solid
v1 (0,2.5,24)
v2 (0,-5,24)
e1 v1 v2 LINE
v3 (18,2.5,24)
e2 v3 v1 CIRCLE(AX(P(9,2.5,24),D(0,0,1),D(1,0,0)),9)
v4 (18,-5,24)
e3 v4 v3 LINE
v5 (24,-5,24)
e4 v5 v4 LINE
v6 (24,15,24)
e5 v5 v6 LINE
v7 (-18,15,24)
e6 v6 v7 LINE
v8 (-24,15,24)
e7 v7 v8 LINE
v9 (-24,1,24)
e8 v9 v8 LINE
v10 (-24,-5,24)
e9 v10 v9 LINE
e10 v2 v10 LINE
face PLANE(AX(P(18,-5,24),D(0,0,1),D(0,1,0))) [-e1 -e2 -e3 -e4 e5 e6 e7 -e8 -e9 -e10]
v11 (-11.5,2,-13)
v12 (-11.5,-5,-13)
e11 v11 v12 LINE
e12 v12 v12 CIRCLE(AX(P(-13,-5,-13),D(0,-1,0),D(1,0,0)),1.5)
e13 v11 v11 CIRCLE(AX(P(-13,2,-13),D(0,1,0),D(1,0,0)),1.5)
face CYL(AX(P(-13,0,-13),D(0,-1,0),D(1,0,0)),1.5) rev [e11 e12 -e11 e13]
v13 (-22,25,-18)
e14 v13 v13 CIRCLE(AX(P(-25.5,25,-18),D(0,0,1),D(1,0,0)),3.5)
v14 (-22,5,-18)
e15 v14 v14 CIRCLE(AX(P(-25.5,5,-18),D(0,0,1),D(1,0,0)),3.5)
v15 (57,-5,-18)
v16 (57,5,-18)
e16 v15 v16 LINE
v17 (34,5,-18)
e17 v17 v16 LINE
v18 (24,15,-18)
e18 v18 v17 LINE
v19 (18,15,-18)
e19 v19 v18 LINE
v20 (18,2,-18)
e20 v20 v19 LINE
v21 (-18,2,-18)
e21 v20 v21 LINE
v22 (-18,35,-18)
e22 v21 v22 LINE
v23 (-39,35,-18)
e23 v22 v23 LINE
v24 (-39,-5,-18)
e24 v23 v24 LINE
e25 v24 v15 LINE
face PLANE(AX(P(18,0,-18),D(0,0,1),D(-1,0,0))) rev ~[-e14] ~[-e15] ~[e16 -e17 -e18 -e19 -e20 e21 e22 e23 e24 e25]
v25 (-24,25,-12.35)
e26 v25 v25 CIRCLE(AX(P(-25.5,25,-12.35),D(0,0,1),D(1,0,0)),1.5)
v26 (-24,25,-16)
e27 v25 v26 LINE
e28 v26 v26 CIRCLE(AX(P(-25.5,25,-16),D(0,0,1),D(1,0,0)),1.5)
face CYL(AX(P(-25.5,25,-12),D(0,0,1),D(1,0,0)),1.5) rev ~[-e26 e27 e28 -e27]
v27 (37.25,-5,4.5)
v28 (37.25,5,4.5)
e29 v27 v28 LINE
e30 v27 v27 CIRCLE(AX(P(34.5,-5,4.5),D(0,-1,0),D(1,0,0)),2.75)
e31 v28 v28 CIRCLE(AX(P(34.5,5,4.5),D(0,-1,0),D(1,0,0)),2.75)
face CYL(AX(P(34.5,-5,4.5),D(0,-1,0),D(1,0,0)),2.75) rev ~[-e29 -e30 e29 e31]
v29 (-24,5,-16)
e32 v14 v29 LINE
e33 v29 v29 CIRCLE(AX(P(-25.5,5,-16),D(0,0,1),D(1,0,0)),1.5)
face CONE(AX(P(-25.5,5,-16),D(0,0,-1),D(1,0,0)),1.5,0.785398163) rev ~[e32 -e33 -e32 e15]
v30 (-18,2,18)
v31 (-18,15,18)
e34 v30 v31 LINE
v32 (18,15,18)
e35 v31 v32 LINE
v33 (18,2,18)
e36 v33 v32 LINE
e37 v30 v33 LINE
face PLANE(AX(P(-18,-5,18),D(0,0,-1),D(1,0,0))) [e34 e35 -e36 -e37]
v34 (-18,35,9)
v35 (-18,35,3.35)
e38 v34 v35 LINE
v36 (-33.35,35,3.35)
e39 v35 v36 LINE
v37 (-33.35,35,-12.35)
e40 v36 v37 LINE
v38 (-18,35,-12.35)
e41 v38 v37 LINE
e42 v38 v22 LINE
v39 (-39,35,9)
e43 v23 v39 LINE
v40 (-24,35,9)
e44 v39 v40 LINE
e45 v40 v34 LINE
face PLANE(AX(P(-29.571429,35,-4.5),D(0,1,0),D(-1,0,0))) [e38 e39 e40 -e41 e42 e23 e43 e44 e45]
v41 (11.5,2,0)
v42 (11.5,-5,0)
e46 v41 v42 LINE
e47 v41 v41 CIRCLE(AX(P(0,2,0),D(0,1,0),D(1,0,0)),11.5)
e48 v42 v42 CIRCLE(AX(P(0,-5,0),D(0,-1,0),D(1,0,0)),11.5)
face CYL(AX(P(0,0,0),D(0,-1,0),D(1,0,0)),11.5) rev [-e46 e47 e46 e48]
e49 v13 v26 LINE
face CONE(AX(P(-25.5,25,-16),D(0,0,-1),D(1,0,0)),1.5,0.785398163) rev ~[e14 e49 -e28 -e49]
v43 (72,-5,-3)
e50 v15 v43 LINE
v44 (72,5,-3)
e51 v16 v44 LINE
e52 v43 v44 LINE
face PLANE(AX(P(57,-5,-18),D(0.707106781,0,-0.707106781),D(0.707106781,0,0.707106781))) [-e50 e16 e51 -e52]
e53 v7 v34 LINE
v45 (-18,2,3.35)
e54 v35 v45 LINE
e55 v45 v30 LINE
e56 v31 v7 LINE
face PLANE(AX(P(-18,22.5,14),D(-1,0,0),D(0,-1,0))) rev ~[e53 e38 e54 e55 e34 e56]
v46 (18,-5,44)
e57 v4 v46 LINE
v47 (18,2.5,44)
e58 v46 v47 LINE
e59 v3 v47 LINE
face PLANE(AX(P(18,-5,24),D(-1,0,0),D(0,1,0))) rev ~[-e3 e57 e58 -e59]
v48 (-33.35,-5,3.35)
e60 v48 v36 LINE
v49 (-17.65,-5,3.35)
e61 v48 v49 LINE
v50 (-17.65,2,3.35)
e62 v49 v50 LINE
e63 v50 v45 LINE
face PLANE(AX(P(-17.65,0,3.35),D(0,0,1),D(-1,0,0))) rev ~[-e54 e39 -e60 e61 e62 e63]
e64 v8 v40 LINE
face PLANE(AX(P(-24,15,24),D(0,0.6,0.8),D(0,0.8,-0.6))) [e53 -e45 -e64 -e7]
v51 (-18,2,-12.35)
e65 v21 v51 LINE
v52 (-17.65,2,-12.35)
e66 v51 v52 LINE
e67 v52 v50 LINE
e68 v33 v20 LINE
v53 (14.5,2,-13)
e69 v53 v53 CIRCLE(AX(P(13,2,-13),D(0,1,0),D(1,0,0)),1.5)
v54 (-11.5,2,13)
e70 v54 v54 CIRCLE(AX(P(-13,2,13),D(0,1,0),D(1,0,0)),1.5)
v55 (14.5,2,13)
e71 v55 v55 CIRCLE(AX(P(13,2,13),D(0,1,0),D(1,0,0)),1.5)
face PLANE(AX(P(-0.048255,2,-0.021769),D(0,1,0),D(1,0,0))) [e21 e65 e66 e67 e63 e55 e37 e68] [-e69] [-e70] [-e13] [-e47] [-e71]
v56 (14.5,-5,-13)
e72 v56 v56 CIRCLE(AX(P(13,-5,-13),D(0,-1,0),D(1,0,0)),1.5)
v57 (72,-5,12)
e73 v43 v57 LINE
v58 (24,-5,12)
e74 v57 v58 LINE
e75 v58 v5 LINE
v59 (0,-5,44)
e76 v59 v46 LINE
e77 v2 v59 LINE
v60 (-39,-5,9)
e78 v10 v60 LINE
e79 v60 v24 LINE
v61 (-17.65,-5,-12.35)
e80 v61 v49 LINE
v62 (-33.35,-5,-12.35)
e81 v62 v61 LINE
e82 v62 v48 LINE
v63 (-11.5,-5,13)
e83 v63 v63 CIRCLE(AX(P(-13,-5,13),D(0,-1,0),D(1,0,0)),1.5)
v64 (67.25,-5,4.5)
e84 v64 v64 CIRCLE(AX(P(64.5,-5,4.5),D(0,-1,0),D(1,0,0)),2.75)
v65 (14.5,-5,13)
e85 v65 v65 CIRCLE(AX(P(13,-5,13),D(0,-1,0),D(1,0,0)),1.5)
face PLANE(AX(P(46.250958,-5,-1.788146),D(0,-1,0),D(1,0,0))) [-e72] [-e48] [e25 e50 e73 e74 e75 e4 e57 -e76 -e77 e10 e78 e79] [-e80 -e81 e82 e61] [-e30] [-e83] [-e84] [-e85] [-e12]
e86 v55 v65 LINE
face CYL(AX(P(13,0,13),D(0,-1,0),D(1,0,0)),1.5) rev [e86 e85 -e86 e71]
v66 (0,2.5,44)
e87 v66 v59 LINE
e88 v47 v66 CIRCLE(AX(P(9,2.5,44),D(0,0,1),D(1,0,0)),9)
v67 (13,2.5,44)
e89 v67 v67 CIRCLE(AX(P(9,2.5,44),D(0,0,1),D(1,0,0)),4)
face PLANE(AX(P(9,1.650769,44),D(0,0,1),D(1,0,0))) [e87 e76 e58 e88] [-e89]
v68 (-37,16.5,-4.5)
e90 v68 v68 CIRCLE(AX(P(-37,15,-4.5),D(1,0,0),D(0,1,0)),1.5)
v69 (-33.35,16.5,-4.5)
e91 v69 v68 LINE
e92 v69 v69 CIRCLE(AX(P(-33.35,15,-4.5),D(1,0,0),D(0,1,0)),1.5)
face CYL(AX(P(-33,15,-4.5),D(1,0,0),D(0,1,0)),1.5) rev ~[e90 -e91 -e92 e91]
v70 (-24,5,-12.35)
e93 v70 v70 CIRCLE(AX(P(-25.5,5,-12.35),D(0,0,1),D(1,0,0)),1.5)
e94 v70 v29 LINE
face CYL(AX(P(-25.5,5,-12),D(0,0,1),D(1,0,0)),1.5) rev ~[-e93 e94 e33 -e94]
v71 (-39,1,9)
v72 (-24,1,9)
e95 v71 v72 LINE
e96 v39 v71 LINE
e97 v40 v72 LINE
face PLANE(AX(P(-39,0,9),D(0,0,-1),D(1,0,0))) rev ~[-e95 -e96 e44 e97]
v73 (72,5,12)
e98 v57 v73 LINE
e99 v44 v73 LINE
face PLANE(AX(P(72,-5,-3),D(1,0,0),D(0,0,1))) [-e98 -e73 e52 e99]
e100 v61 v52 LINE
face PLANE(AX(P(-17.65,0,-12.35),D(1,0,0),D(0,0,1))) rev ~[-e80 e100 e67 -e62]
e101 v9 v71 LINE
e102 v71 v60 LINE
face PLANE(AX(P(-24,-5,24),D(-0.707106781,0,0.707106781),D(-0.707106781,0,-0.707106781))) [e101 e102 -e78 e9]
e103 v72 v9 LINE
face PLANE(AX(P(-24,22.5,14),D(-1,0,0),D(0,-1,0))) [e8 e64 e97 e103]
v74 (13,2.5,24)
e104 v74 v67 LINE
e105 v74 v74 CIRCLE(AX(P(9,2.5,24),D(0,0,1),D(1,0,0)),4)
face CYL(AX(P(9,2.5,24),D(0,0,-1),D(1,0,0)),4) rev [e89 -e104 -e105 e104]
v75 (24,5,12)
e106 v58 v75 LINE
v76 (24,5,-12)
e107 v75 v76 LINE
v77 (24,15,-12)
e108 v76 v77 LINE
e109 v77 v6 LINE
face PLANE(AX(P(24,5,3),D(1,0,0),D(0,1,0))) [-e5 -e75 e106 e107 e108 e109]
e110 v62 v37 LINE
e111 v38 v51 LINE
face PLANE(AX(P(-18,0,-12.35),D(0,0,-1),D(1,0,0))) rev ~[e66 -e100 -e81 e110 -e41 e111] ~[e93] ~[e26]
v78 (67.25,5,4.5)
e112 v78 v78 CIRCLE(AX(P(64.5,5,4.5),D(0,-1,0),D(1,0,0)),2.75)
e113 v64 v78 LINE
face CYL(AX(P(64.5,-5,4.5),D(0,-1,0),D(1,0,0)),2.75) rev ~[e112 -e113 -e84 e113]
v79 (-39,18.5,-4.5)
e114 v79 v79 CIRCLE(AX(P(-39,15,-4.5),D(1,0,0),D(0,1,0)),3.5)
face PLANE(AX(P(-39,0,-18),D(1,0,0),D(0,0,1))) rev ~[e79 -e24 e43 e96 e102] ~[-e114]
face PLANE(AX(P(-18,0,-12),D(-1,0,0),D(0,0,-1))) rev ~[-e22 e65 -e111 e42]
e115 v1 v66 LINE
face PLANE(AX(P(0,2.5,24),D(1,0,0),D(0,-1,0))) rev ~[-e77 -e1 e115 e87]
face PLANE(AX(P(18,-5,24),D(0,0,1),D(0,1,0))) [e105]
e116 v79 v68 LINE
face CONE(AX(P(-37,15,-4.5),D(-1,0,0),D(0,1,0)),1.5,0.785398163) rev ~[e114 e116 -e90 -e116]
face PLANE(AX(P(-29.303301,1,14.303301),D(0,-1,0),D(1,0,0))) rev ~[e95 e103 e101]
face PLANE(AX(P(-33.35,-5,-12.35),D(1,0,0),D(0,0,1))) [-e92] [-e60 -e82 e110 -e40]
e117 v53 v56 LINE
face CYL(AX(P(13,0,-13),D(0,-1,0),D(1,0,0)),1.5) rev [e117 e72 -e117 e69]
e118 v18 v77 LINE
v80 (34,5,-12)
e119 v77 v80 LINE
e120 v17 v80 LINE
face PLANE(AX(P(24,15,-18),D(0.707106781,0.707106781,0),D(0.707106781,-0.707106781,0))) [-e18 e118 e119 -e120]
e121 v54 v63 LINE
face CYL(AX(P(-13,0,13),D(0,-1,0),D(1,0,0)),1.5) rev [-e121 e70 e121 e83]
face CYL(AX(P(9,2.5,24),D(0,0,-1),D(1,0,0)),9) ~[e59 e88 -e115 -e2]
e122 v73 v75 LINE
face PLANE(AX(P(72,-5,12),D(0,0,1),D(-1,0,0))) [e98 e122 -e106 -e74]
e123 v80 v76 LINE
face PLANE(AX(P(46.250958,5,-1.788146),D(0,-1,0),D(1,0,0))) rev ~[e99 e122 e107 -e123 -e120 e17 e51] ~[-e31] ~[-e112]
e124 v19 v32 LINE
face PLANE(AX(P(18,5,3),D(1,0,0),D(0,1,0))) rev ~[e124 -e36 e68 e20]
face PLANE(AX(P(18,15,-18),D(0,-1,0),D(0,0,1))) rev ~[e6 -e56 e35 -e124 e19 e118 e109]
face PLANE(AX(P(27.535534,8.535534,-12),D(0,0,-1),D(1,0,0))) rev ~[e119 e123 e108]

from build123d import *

# Parameters (mm, degrees)
F0_R        = 1.5
F0_W        = 15
F0_H        = 15
F0_R_2      = 11.5
F1_DEPTH    = 5
F3_DEPTH    = 35
F5_DEPTH    = 20
F6_R        = 1.5
F7_DEPTH    = 6.001
F9_DEPTH    = 6
F11_DEPTH   = 6
F12_R       = 1.5
F13_DEPTH   = 6.001
F14_W       = 20
F14_H       = 42
F15_DEPTH   = 6
F16_R       = 2.75
F17_DEPTH   = 10
F19_DEPTH   = 6
F20_SIZE    = 2
F21_W       = 15.7
F21_H       = 15.7
F22_DEPTH   = 40.001
F1_FACE_R   = 1.5
F1_FACE_R_2 = 11.5
F23_DEPTH   = 2
F24_R       = 4
F25_DEPTH   = 20


with BuildPart() as f1:
    # F0 (on Front) → F1 (new body)
    with BuildSketch(Plane.XZ):
        Polygon((18, -18), (18, 18), (-18, 18), (-18, 9), (-33, 9), (-39, 9), (-39, -18), (-33, -18), (-18, -18), align=None)
        with Locations((-13, -13)):
            Circle(F0_R, mode=Mode.SUBTRACT)
        with Locations((-25.5, -4.5)):
            Rectangle(F0_W, F0_H, mode=Mode.SUBTRACT)
        with Locations((13, -13)):
            Circle(F0_R, mode=Mode.SUBTRACT)
        with Locations((-13, 13)):
            Circle(F0_R, mode=Mode.SUBTRACT)
        Circle(F0_R_2, mode=Mode.SUBTRACT)
        with Locations((13, 13)):
            Circle(F0_R, mode=Mode.SUBTRACT)
    extrude(amount=F1_DEPTH)

    # F2 (on face) → F3 (join)
    with BuildSketch(Plane(origin=(0, 0, 0), x_dir=(-1, 0, 0), z_dir=(0, 1, 0))):
        Polygon((18, 9), (18, 3), (33, 3), (33, -12), (18, -12), (18, -18), (39, -18), (39, 9), align=None)
    extrude(amount=F3_DEPTH)

    # F4 (on face) → F5 (join)
    with BuildSketch(Plane.XZ.offset(5)):
        Polygon((-24, 9), (-18, 9), (-18, 18), (18, 18), (18, 24), (-24, 24), align=None)
    extrude(amount=-F5_DEPTH)

    # F6 (on face) → F7 (cut, through all)
    with BuildSketch(Plane.YZ.offset(-33)):
        with Locations((15, -4.5)):
            Circle(F6_R)
    extrude(amount=-F7_DEPTH, mode=Mode.SUBTRACT)

    # F8 (on face) → F9 (join, through all)
    with BuildSketch(Plane(origin=(-24, 0, 0), x_dir=(0, -1, 0), z_dir=(-1, 0, 0))):
        Polygon((-15, 9), (-15, 24), (-35, 9), align=None)
    extrude(amount=-F9_DEPTH)

    # F10 (on face) → F11 (join)
    with BuildSketch(Plane.XZ.offset(5)):
        Polygon((-24, 9), (-24, 24), (-39, 9), align=None)
    extrude(amount=-F11_DEPTH)

    # F12 (on face) → F13 (cut, through all)
    with BuildSketch(Plane.XY.offset(-12)):
        with Locations((-25.5, 5)):
            Circle(F12_R)
        with Locations((-25.5, 25)):
            Circle(F12_R)
    extrude(amount=-F13_DEPTH, mode=Mode.SUBTRACT)

    # F14 (on face) → F15 (join)
    with BuildSketch(Plane.YZ.offset(18)):
        with Locations((5, 3)):
            Rectangle(F14_W, F14_H)
    extrude(amount=F15_DEPTH)

    # F16 (on face) → F17 (join)
    with BuildSketch(Plane.XZ.offset(5)):
        Polygon((24, 12), (24, -18), (57, -18), (72, -3), (72, 12), align=None)
        with Locations((34.5, 4.5)):
            Circle(F16_R, mode=Mode.SUBTRACT)
        with Locations((64.5, 4.5)):
            Circle(F16_R, mode=Mode.SUBTRACT)
    extrude(amount=-F17_DEPTH)

    # F18 (on face) → F19 (join, through all)
    with BuildSketch(Plane(origin=(0, 0, -18), x_dir=(1, 0, 0), z_dir=(0, 0, -1))):
        Polygon((34, -5), (24, -5), (24, -15), align=None)
    extrude(amount=-F19_DEPTH)

    # F20
    f20_edges = [f1.edges().sort_by_distance(p)[0] for p in [
        (-39, 13.5, -4.5),
        (-27, 5, -18),
        (-27, 25, -18),
    ]]
    chamfer(f20_edges, length=F20_SIZE)

    # F21 (on face) → F22 (cut, through all)
    with BuildSketch(Plane.XZ.offset(5)):
        with Locations((-25.5, -4.5)):
            Rectangle(F21_W, F21_H)
    extrude(amount=-F22_DEPTH, mode=Mode.SUBTRACT)

    # F1_face (on face) → F23 (join)
    with BuildSketch(Plane(origin=(-8.726816, 0, -1.288675), x_dir=(1, 0, 0), z_dir=(0, 1, 0))):
        Polygon((-9.273184, 16.711325), (-9.273184, 11.061325), (-8.923184, 11.061325), (-8.923184, -4.638675), (-9.273184, -4.638675), (-9.273184, -19.288675), (26.726816, -19.288675), (26.726816, 16.711325), align=None)
        with Locations((-4.273184, 11.711325)):
            Circle(F1_FACE_R, mode=Mode.SUBTRACT)
        with Locations((21.726816, 11.711325)):
            Circle(F1_FACE_R, mode=Mode.SUBTRACT)
        with Locations((-4.273184, -14.288675)):
            Circle(F1_FACE_R, mode=Mode.SUBTRACT)
        with Locations((8.726816, -1.288675)):
            Circle(F1_FACE_R_2, mode=Mode.SUBTRACT)
        with Locations((21.726816, -14.288675)):
            Circle(F1_FACE_R, mode=Mode.SUBTRACT)
    extrude(amount=F23_DEPTH)

    # F24 (on face) → F25 (join)
    with BuildSketch(Plane.XY.offset(24)):
        with BuildLine():
            Line((0, 2.5), (0, -5))
            Line((0, -5), (18, -5))
            Line((18, -5), (18, 2.5))
            ThreePointArc((18, 2.5), (9, 11.5), (0, 2.5))
        make_face()
        with Locations((9, 2.5)):
            Circle(F24_R, mode=Mode.SUBTRACT)
    extrude(amount=F25_DEPTH)


solid = f1.part
